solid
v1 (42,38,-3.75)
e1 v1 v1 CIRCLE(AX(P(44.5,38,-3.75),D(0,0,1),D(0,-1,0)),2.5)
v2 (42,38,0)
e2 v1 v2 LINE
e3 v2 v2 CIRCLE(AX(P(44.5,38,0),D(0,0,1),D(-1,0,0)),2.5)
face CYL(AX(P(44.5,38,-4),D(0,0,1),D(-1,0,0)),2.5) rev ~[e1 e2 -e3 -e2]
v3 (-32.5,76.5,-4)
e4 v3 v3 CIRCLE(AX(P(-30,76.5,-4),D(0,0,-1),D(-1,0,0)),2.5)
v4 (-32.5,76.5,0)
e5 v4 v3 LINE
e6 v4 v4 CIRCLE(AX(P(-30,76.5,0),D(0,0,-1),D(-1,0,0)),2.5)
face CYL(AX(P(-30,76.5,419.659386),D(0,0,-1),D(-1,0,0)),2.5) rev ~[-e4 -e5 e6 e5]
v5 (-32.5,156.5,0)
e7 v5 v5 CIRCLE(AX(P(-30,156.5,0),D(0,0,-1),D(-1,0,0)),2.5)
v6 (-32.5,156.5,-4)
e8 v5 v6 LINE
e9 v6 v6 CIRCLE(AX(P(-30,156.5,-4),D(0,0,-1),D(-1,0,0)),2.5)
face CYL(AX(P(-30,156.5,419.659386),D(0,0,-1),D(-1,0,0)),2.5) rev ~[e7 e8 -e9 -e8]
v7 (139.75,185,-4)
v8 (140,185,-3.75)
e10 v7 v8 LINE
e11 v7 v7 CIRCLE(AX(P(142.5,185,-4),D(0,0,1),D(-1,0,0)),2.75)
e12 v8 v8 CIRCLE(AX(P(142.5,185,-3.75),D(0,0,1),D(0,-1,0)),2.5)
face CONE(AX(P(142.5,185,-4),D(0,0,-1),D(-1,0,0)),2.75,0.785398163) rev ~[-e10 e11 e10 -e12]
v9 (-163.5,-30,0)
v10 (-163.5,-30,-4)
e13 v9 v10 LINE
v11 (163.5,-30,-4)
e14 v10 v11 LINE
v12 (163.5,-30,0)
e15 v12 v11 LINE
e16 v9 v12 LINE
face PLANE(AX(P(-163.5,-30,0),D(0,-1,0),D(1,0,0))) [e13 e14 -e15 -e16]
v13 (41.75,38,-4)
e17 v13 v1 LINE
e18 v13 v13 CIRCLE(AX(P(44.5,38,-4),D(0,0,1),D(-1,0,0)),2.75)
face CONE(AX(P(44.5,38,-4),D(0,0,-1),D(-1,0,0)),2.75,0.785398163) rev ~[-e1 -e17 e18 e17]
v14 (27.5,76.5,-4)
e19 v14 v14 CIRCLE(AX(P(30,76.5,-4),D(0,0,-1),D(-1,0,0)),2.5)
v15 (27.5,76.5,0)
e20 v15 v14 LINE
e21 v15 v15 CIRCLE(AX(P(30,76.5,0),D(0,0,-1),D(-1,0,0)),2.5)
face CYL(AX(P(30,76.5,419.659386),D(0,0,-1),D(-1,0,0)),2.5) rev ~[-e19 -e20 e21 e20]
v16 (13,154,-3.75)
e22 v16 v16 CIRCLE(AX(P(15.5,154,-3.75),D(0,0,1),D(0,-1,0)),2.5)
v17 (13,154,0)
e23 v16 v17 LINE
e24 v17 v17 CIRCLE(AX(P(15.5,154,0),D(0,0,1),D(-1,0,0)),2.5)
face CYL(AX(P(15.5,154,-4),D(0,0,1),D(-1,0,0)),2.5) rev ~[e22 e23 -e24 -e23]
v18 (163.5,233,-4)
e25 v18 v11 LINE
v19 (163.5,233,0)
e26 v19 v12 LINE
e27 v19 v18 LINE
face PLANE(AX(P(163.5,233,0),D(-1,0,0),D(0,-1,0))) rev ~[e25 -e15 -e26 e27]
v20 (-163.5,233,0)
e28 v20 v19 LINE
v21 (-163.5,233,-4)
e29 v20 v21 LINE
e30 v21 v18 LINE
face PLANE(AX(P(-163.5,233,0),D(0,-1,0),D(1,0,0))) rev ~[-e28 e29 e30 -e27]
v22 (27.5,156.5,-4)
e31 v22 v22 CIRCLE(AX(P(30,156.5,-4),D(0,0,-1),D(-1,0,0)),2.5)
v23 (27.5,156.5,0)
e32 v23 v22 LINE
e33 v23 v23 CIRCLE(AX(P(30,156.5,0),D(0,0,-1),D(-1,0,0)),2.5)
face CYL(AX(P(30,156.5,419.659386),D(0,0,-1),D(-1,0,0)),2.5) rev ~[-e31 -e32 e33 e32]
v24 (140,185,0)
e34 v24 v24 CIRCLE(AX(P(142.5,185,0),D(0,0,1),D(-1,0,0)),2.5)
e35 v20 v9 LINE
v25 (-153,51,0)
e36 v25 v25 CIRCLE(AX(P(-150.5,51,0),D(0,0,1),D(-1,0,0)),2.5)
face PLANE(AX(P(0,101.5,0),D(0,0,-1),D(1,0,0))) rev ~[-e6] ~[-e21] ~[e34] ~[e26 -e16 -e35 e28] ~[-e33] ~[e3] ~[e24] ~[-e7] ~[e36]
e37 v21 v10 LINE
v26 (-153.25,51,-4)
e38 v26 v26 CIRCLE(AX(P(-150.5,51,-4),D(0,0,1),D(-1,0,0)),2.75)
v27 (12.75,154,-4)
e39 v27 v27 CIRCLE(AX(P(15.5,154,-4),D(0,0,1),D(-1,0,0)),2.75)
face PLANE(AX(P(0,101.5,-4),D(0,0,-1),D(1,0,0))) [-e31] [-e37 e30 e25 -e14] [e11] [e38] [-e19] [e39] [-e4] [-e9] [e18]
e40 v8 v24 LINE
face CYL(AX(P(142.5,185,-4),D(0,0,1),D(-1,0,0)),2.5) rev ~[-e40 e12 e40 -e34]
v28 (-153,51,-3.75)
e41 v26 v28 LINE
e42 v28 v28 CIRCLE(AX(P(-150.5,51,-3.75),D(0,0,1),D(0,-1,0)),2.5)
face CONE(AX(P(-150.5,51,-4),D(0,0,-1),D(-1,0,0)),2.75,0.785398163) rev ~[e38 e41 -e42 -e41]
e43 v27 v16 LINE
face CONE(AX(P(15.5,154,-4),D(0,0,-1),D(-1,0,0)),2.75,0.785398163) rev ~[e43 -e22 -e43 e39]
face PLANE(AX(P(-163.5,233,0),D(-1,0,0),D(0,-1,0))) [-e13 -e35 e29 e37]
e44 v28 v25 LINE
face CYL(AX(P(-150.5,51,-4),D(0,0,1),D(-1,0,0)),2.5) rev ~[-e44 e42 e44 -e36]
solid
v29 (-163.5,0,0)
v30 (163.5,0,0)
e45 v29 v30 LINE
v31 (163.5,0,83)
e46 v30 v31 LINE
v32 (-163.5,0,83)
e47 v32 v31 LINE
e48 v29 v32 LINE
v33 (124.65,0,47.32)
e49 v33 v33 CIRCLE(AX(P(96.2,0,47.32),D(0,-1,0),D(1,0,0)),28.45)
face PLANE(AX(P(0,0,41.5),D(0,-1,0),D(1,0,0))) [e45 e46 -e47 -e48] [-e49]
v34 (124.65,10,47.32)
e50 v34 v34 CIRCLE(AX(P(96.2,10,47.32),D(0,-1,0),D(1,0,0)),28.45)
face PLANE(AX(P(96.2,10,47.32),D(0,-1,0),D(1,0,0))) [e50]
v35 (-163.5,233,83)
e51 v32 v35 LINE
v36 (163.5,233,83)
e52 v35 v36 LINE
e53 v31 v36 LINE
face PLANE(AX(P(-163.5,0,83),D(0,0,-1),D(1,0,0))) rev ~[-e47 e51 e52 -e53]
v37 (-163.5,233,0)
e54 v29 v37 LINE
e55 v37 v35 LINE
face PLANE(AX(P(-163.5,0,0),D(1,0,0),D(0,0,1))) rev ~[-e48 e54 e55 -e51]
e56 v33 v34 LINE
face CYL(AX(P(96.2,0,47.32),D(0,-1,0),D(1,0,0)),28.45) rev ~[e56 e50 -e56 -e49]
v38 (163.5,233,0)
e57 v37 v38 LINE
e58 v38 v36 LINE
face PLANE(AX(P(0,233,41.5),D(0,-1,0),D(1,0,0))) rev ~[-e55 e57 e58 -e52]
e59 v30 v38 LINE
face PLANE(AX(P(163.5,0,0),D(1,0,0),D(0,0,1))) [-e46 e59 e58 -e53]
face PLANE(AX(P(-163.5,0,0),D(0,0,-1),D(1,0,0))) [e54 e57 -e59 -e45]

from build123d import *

# Parameters (mm, degrees)
F0_W           = 327
F0_H           = 83
F1_DEPTH       = 233
F2_R           = 28.45
F3_DEPTH       = 10
F4_W           = 327
F4_H           = 263
F5_DEPTH       = 4
F7_D           = 5
F7_CSINK_D     = 5.5
F7_CSINK_ANGLE = 90
F8_D           = 5


with BuildPart() as f1:
    # F0 (on Front) → F1 (new body)
    with BuildSketch(Plane.XZ):
        with Locations((0, 41.5)):
            Rectangle(F0_W, F0_H)
    extrude(amount=-F1_DEPTH)

    # F2 (on face) → F3 (cut)
    with BuildSketch(Plane.XZ):
        with Locations((96.2, 47.32)):
            Circle(F2_R)
    extrude(amount=-F3_DEPTH, mode=Mode.SUBTRACT)


with BuildPart() as f5:
    # F4 (on face) → F5 (new body)
    with BuildSketch(Plane(origin=(0, 0, 0), x_dir=(1, 0, 0), z_dir=(0, 0, -1))):
        with Locations((0, -101.5)):
            Rectangle(F4_W, F4_H)
    extrude(amount=F5_DEPTH)

    # F7 (through all)
    with Locations(Plane(origin=(0, 0, -4), x_dir=(1, 0, 0), z_dir=(0, 0, -1))):
        with Locations((142.5, -185), (44.5, -38), (-150.5, -51), (15.5, -154)):
            CounterSinkHole(F7_D / 2, F7_CSINK_D / 2, counter_sink_angle=F7_CSINK_ANGLE)

    # F8 (through all)
    with Locations(Plane.XY):
        with Locations((-30, 156.5), (30, 156.5), (30, 76.5), (-30, 76.5)):
            Hole(F8_D / 2)


solid = Compound([f1.part, f5.part])
